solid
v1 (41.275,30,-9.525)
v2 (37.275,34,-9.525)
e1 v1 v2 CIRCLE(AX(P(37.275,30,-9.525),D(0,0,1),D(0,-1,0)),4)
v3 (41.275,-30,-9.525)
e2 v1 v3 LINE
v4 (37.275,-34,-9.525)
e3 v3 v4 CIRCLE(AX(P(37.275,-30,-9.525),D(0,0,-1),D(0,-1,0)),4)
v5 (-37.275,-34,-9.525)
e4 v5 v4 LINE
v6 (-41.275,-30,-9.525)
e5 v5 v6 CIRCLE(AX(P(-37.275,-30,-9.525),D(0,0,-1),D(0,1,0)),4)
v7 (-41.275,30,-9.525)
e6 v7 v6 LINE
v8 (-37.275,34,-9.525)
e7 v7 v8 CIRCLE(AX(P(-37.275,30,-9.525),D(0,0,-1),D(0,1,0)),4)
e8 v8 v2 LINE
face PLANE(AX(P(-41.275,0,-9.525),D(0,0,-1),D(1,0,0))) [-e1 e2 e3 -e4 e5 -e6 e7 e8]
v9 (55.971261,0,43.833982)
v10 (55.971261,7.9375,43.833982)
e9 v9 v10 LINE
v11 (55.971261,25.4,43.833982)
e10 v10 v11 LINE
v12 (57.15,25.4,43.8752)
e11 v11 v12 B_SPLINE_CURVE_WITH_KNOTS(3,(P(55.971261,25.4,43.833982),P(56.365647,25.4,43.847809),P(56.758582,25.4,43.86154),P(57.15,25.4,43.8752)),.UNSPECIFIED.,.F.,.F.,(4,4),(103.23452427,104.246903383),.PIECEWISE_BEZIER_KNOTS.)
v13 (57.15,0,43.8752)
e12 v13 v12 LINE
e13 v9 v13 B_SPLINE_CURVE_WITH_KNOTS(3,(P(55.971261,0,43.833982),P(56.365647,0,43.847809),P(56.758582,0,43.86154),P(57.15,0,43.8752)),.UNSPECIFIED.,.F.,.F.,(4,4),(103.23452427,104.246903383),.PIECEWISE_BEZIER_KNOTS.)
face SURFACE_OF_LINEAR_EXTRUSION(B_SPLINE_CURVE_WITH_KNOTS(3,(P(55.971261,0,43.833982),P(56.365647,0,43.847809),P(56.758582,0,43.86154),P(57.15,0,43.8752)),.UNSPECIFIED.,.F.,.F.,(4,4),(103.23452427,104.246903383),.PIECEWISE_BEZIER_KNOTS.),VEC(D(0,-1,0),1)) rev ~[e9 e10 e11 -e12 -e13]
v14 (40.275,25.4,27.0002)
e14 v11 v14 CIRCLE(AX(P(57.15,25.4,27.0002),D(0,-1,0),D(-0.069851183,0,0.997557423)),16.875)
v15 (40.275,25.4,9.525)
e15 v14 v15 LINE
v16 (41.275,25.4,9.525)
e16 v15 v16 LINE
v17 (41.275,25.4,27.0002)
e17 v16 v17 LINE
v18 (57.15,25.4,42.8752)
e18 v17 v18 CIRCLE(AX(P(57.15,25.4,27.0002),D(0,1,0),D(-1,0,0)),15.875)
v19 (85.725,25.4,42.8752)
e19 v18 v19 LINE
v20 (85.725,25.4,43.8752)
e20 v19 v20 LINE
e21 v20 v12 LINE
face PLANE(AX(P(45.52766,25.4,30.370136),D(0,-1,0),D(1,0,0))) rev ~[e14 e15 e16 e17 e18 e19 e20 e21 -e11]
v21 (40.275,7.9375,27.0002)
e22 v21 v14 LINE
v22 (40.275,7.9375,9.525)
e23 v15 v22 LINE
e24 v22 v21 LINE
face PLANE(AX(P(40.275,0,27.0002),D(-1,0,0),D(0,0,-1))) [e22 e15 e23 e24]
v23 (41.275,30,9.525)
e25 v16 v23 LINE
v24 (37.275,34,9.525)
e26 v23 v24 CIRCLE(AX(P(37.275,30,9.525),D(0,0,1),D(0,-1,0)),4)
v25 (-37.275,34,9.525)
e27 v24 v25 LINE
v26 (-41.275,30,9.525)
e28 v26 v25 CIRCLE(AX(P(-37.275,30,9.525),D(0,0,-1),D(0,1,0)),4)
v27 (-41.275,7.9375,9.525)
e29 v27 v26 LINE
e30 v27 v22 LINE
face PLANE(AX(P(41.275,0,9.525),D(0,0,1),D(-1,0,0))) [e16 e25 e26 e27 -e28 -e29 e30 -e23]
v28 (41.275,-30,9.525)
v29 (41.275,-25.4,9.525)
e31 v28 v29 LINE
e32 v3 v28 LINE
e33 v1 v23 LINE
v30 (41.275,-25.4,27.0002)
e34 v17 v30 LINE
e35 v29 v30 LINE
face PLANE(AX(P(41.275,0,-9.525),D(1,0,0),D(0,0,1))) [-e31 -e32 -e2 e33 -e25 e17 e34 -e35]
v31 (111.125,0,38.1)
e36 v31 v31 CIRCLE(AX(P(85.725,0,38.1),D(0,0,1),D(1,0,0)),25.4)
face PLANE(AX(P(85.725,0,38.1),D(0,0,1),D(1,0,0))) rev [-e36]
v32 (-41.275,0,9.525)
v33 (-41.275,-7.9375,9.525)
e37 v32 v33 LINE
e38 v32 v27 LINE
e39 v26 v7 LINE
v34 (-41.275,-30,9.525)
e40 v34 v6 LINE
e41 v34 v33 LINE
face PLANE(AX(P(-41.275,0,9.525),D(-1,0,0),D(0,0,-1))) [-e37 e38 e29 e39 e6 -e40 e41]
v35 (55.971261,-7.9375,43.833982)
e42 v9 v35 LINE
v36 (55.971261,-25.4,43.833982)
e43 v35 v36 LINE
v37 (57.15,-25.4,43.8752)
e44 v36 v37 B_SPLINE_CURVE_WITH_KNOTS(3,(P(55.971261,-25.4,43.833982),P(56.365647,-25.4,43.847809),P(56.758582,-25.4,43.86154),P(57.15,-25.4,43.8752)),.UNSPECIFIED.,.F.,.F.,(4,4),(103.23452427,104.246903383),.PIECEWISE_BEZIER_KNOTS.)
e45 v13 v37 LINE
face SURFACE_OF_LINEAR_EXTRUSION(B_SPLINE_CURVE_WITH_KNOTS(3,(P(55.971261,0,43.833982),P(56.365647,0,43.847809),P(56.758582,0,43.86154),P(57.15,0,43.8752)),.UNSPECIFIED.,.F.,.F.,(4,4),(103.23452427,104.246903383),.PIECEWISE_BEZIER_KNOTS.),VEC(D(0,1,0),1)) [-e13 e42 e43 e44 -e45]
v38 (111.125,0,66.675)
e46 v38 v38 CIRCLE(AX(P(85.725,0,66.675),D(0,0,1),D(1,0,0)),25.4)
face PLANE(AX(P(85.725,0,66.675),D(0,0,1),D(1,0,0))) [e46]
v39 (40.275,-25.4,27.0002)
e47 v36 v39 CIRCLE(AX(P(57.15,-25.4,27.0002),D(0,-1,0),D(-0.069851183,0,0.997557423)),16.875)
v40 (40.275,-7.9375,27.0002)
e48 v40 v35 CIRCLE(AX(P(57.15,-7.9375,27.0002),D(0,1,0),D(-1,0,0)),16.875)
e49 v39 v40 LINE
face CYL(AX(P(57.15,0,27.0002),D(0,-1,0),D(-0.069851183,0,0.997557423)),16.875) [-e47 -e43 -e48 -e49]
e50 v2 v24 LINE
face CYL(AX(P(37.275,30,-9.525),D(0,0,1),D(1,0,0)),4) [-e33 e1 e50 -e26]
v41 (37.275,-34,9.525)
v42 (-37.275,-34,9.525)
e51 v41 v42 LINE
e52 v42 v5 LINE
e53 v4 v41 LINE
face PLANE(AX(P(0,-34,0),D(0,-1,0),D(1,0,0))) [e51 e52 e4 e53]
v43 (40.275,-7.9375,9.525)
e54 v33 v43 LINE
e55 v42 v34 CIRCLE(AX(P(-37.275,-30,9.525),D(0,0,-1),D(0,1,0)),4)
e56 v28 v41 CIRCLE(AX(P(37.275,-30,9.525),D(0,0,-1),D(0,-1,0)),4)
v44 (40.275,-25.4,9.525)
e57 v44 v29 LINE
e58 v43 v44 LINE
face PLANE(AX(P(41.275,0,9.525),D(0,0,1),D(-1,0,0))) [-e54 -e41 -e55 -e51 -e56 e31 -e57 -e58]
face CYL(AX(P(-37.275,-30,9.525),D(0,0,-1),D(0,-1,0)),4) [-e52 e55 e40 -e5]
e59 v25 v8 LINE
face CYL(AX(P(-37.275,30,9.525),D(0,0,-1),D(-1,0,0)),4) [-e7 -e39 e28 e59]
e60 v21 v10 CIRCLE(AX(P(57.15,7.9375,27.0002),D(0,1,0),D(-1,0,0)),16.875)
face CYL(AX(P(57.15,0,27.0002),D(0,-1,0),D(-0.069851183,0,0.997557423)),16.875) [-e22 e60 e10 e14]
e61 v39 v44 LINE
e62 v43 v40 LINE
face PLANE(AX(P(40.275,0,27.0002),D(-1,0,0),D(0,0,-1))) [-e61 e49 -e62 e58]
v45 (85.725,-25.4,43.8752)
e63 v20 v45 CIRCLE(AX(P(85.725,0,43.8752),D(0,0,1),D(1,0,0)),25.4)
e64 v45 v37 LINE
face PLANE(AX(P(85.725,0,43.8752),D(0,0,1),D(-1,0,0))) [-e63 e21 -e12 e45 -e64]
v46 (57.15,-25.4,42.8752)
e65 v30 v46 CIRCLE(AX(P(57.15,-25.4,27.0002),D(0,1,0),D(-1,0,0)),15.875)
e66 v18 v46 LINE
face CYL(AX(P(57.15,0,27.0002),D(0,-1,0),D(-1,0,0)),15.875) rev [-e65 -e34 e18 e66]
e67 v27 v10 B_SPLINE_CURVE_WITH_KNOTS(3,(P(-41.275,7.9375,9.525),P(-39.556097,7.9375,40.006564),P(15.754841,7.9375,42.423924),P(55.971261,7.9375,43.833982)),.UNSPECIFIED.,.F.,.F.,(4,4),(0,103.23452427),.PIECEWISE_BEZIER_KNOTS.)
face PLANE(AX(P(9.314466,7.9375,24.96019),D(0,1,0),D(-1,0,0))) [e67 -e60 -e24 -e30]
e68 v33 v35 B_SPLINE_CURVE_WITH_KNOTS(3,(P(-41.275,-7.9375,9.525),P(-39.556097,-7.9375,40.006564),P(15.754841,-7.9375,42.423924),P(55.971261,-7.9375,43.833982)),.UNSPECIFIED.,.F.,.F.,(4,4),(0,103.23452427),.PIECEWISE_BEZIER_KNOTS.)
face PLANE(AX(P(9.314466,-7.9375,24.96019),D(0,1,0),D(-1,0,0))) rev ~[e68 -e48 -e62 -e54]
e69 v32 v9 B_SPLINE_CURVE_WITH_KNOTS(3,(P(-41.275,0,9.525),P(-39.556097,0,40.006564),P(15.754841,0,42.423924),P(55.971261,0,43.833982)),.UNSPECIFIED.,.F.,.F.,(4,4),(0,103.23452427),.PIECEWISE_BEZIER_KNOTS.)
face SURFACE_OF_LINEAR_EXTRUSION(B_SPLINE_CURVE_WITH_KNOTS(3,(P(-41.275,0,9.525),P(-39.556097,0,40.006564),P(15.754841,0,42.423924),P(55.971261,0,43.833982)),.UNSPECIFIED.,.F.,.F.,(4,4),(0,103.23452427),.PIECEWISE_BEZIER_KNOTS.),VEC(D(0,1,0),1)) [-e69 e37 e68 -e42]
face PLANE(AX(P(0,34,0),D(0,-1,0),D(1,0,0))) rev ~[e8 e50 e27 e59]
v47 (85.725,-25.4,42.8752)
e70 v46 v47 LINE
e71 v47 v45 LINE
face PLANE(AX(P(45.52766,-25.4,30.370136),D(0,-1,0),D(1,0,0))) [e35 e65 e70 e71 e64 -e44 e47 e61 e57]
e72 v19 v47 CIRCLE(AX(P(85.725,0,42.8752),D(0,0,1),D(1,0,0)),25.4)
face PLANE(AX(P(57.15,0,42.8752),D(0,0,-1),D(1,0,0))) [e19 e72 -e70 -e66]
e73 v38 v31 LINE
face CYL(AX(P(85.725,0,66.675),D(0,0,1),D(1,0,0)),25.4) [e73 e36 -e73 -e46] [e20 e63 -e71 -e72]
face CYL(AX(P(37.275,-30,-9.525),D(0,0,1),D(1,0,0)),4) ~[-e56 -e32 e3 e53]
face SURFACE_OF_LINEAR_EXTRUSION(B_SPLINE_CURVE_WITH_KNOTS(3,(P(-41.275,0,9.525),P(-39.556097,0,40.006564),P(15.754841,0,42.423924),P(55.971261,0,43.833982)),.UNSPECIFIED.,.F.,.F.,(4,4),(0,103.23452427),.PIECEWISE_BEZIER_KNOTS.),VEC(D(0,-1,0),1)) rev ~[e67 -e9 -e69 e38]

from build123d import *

# Parameters (mm, degrees)
F1_DEPTH = 34
F0_W     = 25.4
F0_H     = 1
F2_DEPTH = 25.4
F3_DEPTH = 7.9375
F5_R     = 4
F6_DEPTH = 16


with BuildPart() as f1:
    # F0 (on Front) → F1 (new body, symmetric)
    with BuildSketch(Plane.XZ):
        Polygon((40.275, 9.525), (-41.275, 9.525), (-41.275, -9.525), (41.275, -9.525), (41.275, 9.525), align=None)
    extrude(amount=F1_DEPTH, both=True)

    # F0 (on Front) → F2 (join, symmetric)
    with BuildSketch(Plane.XZ):
        with BuildLine():
            Line((40.275, 27.0002), (40.275, 9.525))
            Line((40.275, 9.525), (41.275, 9.525))
            Line((41.275, 9.525), (41.275, 27.0002))
            ThreePointArc((41.275, 27.0002), (45.9246798487, 38.2255201513), (57.15, 42.8752))
            Line((57.15, 42.8752), (60.325, 42.8752))
            Line((60.325, 42.8752), (60.325, 43.8752))
            Line((60.325, 43.8752), (57.15, 43.8752))
            add(Edge.make_bspline(
                [(55.9712612806, 43.8339815131), (56.3656474087, 43.8478093746), (56.7585819078, 43.8615403645), (57.15, 43.8752)],
                knots=[103.2345242702, 103.2345242702, 103.2345242702, 103.2345242702, 104.2469033835, 104.2469033835, 104.2469033835, 104.2469033835], degree=3))
            ThreePointArc((55.9712612806, 43.8339815131), (44.8078599731, 38.5083364502), (40.275, 27.0002))
        make_face()
        with Locations((73.025, 43.3752)):
            Rectangle(F0_W, F0_H)
    extrude(amount=F2_DEPTH, both=True)

    # F0 (on Front) → F3 (join, symmetric)
    with BuildSketch(Plane.XZ):
        with BuildLine():
            add(Edge.make_bspline(
                [(-41.275, 9.525), (-39.5560968864, 40.0065637522), (15.7548405948, 42.4239240696), (55.9712612806, 43.8339815131)],
                knots=[0, 0, 0, 0, 103.2345242702, 103.2345242702, 103.2345242702, 103.2345242702], degree=3))
            Line((-41.275, 9.525), (40.275, 9.525))
            Line((40.275, 9.525), (40.275, 27.0002))
            ThreePointArc((40.275, 27.0002), (44.8078599731, 38.5083364502), (55.9712612806, 43.8339815131))
        make_face()
    extrude(amount=F3_DEPTH, both=True)

    # F0 (on Front) → F4 (revolve)
    with BuildSketch(Plane.XZ):
        Polygon((85.725, 66.675), (85.725, 43.8752), (85.725, 42.8752), (85.725, 38.1), (111.125, 38.1), (111.125, 66.675), align=None)
    revolve(axis=Axis((85.725, 0, 52.3875), (0, 0, 1)))

    # F5
    f5_edges = [f1.edges().sort_by_distance(p)[0] for p in [
        (41.275, -34, 0),
        (-41.275, -34, 0),
        (41.275, 34, 0),
        (-41.275, 34, 0),
    ]]
    fillet(f5_edges, radius=F5_R)

    # F6 (add): a face of the model
    f6_faces = [f1.faces().sort_by_distance(p)[0] for p in [
        (85.725, 0, 66.675),
    ]]
    extrude(f6_faces, amount=-F6_DEPTH)


solid = f1.part
